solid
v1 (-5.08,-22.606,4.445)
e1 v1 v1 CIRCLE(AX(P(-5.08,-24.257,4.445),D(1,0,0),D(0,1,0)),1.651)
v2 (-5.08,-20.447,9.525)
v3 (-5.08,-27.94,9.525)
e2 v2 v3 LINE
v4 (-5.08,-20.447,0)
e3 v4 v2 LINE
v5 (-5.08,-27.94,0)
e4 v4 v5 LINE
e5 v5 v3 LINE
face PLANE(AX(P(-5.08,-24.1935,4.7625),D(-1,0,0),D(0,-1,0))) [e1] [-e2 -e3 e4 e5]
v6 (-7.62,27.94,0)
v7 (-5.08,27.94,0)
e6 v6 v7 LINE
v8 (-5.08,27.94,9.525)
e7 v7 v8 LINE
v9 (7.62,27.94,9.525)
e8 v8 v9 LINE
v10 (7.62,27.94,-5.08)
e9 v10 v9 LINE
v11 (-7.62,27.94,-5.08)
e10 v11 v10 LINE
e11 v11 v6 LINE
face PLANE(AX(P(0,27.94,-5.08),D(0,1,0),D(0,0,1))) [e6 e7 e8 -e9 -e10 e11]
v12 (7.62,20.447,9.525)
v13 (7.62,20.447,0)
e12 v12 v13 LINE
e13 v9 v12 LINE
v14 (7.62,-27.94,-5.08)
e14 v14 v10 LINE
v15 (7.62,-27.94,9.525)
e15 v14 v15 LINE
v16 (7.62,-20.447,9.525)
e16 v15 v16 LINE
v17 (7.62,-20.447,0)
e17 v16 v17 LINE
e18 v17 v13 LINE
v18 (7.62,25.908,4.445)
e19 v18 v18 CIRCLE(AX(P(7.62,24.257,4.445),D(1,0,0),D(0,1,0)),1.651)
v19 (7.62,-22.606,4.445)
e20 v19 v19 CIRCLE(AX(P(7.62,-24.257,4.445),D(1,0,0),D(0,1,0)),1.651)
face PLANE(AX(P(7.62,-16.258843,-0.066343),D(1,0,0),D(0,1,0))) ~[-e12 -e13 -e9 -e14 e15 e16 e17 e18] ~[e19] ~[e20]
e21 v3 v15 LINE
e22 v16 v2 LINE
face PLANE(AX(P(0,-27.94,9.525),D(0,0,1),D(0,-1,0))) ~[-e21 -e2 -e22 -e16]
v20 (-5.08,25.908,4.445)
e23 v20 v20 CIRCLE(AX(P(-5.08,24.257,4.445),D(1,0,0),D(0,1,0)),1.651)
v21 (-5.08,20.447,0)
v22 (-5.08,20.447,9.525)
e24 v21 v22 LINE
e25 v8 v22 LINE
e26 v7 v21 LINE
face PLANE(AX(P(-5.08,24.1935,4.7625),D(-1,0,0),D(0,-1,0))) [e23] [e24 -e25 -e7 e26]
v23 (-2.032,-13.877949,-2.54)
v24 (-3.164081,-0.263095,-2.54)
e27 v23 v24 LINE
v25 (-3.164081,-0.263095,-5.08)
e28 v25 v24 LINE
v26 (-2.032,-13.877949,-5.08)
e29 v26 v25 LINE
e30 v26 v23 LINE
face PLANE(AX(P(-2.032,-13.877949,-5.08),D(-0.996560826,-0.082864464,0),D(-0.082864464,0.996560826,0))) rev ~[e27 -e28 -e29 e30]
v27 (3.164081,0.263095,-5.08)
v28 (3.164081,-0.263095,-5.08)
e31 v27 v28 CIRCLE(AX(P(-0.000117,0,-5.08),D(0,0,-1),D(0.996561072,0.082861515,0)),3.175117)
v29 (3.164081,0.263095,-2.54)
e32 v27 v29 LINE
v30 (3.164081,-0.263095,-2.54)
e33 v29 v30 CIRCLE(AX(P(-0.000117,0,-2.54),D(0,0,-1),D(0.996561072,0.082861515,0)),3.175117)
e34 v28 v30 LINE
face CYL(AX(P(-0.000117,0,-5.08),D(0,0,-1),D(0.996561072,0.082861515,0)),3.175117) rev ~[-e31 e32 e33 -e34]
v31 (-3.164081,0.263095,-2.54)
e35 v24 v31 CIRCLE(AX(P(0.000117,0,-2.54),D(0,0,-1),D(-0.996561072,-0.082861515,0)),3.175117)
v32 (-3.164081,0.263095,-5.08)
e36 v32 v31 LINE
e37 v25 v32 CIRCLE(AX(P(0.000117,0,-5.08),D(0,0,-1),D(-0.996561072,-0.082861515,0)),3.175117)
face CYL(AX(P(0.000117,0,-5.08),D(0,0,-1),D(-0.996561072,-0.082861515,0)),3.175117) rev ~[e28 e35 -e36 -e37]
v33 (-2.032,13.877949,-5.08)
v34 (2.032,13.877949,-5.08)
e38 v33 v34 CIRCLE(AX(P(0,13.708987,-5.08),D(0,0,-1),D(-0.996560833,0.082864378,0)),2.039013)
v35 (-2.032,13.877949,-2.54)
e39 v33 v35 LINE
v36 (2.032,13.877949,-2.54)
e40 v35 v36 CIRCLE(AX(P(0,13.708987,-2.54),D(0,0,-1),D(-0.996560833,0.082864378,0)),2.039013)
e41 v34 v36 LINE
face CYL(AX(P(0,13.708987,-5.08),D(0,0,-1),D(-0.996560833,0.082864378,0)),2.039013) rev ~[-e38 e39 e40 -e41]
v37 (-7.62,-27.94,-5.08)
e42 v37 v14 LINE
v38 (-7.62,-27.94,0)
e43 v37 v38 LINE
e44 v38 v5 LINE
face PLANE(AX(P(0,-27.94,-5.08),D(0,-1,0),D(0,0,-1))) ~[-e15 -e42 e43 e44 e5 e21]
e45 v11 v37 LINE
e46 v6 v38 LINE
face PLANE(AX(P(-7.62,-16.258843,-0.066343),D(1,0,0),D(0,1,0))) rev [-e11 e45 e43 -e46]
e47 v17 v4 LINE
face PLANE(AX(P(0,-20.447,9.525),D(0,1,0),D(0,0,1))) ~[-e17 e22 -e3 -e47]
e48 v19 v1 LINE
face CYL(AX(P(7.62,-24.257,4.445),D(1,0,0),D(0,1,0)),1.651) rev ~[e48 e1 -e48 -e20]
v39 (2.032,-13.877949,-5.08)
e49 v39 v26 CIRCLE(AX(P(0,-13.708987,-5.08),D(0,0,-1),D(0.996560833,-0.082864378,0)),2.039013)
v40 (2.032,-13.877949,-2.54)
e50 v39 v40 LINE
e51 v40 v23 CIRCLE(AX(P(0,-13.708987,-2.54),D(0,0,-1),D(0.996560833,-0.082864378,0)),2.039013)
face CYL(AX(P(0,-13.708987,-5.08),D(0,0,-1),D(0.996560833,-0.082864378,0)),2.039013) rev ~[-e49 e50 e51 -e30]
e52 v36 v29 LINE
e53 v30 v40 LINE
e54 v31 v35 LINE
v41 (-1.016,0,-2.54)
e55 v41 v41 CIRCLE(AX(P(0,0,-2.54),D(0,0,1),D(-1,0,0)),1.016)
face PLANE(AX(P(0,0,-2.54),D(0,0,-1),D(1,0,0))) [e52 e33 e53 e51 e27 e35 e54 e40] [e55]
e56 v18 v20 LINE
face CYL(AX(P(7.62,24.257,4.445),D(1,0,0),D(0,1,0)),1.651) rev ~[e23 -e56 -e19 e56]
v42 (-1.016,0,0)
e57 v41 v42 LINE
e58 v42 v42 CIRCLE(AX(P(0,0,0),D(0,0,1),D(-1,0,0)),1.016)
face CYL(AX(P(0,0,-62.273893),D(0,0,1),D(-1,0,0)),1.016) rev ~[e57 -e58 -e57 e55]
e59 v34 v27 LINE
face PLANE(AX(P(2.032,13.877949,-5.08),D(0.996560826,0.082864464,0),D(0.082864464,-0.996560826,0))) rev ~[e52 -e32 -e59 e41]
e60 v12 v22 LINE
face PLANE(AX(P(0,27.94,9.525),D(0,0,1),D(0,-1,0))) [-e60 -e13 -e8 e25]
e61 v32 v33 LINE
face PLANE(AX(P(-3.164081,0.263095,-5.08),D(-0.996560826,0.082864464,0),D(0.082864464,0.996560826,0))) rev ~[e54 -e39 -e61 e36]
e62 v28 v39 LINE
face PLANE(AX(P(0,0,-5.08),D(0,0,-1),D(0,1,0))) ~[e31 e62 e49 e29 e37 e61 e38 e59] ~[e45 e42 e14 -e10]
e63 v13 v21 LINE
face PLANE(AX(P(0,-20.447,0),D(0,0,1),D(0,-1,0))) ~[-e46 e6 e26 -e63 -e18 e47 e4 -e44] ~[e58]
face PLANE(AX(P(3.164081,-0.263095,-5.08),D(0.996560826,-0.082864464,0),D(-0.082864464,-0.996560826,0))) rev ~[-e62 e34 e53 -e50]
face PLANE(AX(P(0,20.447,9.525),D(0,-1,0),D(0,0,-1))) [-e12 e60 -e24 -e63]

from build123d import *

# Parameters (mm, degrees)
F1_DEPTH  = 7.62
F3_R      = 1.651
F4_DEPTH  = 25.4
F6_DEPTH  = 2.54
F8_D      = 2.032
F9_W      = 7.493
F9_H      = 9.525
F9_R      = 1.651
F10_DEPTH = 2.54


with BuildPart() as f1:
    # F0 (on Right) → F1 (new body, symmetric)
    with BuildSketch(Plane.YZ):
        Polygon((0, 0), (0, -5.08), (27.94, -5.08), (27.94, 9.525), (20.447, 9.525), (20.447, 0), align=None)
    extrude(amount=F1_DEPTH, both=True)

    # F2: F1 across plane


with BuildPart() as f1_1:
    add(f1.part)
    add(f1.part.mirror(Plane.XZ))

    # F3 (on face) → F4 (cut)
    with BuildSketch(Plane.YZ.offset(7.62)):
        with Locations((-24.257, 4.445)):
            Circle(F3_R)
        with Locations((24.257, 4.445)):
            Circle(F3_R)
    extrude(amount=-F4_DEPTH, mode=Mode.SUBTRACT)

    # F5 (on face) → F6 (cut)
    with BuildSketch(Plane(origin=(0, 0, -5.08), x_dir=(1, 0, 0), z_dir=(0, 0, -1))):
        with BuildLine():
            Line((-3.164081, -0.263095), (-2.032, -13.877949))
            ThreePointArc((-2.032, -13.877949), (0, -15.748), (2.032, -13.877949))
            Line((2.032, -13.877949), (3.164081, -0.263095))
            ThreePointArc((3.164081, -0.263095), (3.175, 0), (3.164081, 0.263095))
            Line((3.164081, 0.263095), (2.032, 13.877949))
            ThreePointArc((2.032, 13.877949), (0, 15.748), (-2.032, 13.877949))
            Line((-2.032, 13.877949), (-3.164081, 0.263095))
            ThreePointArc((-3.164081, 0.263095), (-3.175, 0), (-3.164081, -0.263095))
        make_face()
    extrude(amount=-F6_DEPTH, mode=Mode.SUBTRACT)

    # F8 (through all)
    with Locations(Plane(origin=(0, 0, -2.54), x_dir=(1, 0, 0), z_dir=(0, 0, -1))):
        with Locations((0, 0)):
            Hole(F8_D / 2)

    # F9 (on face) → F10 (cut)
    with BuildSketch(Plane(origin=(-7.62, 0, 0), x_dir=(0, -1, 0), z_dir=(-1, 0, 0))):
        with Locations((-24.1935, 4.7625)):
            Rectangle(F9_W, F9_H)
        with Locations((-24.257, 4.445)):
            Circle(F9_R, mode=Mode.SUBTRACT)
        with Locations((24.1935, 4.7625)):
            Rectangle(F9_W, F9_H)
        with Locations((24.257, 4.445)):
            Circle(F9_R, mode=Mode.SUBTRACT)
    extrude(amount=-F10_DEPTH, mode=Mode.SUBTRACT)


solid = f1_1.part
